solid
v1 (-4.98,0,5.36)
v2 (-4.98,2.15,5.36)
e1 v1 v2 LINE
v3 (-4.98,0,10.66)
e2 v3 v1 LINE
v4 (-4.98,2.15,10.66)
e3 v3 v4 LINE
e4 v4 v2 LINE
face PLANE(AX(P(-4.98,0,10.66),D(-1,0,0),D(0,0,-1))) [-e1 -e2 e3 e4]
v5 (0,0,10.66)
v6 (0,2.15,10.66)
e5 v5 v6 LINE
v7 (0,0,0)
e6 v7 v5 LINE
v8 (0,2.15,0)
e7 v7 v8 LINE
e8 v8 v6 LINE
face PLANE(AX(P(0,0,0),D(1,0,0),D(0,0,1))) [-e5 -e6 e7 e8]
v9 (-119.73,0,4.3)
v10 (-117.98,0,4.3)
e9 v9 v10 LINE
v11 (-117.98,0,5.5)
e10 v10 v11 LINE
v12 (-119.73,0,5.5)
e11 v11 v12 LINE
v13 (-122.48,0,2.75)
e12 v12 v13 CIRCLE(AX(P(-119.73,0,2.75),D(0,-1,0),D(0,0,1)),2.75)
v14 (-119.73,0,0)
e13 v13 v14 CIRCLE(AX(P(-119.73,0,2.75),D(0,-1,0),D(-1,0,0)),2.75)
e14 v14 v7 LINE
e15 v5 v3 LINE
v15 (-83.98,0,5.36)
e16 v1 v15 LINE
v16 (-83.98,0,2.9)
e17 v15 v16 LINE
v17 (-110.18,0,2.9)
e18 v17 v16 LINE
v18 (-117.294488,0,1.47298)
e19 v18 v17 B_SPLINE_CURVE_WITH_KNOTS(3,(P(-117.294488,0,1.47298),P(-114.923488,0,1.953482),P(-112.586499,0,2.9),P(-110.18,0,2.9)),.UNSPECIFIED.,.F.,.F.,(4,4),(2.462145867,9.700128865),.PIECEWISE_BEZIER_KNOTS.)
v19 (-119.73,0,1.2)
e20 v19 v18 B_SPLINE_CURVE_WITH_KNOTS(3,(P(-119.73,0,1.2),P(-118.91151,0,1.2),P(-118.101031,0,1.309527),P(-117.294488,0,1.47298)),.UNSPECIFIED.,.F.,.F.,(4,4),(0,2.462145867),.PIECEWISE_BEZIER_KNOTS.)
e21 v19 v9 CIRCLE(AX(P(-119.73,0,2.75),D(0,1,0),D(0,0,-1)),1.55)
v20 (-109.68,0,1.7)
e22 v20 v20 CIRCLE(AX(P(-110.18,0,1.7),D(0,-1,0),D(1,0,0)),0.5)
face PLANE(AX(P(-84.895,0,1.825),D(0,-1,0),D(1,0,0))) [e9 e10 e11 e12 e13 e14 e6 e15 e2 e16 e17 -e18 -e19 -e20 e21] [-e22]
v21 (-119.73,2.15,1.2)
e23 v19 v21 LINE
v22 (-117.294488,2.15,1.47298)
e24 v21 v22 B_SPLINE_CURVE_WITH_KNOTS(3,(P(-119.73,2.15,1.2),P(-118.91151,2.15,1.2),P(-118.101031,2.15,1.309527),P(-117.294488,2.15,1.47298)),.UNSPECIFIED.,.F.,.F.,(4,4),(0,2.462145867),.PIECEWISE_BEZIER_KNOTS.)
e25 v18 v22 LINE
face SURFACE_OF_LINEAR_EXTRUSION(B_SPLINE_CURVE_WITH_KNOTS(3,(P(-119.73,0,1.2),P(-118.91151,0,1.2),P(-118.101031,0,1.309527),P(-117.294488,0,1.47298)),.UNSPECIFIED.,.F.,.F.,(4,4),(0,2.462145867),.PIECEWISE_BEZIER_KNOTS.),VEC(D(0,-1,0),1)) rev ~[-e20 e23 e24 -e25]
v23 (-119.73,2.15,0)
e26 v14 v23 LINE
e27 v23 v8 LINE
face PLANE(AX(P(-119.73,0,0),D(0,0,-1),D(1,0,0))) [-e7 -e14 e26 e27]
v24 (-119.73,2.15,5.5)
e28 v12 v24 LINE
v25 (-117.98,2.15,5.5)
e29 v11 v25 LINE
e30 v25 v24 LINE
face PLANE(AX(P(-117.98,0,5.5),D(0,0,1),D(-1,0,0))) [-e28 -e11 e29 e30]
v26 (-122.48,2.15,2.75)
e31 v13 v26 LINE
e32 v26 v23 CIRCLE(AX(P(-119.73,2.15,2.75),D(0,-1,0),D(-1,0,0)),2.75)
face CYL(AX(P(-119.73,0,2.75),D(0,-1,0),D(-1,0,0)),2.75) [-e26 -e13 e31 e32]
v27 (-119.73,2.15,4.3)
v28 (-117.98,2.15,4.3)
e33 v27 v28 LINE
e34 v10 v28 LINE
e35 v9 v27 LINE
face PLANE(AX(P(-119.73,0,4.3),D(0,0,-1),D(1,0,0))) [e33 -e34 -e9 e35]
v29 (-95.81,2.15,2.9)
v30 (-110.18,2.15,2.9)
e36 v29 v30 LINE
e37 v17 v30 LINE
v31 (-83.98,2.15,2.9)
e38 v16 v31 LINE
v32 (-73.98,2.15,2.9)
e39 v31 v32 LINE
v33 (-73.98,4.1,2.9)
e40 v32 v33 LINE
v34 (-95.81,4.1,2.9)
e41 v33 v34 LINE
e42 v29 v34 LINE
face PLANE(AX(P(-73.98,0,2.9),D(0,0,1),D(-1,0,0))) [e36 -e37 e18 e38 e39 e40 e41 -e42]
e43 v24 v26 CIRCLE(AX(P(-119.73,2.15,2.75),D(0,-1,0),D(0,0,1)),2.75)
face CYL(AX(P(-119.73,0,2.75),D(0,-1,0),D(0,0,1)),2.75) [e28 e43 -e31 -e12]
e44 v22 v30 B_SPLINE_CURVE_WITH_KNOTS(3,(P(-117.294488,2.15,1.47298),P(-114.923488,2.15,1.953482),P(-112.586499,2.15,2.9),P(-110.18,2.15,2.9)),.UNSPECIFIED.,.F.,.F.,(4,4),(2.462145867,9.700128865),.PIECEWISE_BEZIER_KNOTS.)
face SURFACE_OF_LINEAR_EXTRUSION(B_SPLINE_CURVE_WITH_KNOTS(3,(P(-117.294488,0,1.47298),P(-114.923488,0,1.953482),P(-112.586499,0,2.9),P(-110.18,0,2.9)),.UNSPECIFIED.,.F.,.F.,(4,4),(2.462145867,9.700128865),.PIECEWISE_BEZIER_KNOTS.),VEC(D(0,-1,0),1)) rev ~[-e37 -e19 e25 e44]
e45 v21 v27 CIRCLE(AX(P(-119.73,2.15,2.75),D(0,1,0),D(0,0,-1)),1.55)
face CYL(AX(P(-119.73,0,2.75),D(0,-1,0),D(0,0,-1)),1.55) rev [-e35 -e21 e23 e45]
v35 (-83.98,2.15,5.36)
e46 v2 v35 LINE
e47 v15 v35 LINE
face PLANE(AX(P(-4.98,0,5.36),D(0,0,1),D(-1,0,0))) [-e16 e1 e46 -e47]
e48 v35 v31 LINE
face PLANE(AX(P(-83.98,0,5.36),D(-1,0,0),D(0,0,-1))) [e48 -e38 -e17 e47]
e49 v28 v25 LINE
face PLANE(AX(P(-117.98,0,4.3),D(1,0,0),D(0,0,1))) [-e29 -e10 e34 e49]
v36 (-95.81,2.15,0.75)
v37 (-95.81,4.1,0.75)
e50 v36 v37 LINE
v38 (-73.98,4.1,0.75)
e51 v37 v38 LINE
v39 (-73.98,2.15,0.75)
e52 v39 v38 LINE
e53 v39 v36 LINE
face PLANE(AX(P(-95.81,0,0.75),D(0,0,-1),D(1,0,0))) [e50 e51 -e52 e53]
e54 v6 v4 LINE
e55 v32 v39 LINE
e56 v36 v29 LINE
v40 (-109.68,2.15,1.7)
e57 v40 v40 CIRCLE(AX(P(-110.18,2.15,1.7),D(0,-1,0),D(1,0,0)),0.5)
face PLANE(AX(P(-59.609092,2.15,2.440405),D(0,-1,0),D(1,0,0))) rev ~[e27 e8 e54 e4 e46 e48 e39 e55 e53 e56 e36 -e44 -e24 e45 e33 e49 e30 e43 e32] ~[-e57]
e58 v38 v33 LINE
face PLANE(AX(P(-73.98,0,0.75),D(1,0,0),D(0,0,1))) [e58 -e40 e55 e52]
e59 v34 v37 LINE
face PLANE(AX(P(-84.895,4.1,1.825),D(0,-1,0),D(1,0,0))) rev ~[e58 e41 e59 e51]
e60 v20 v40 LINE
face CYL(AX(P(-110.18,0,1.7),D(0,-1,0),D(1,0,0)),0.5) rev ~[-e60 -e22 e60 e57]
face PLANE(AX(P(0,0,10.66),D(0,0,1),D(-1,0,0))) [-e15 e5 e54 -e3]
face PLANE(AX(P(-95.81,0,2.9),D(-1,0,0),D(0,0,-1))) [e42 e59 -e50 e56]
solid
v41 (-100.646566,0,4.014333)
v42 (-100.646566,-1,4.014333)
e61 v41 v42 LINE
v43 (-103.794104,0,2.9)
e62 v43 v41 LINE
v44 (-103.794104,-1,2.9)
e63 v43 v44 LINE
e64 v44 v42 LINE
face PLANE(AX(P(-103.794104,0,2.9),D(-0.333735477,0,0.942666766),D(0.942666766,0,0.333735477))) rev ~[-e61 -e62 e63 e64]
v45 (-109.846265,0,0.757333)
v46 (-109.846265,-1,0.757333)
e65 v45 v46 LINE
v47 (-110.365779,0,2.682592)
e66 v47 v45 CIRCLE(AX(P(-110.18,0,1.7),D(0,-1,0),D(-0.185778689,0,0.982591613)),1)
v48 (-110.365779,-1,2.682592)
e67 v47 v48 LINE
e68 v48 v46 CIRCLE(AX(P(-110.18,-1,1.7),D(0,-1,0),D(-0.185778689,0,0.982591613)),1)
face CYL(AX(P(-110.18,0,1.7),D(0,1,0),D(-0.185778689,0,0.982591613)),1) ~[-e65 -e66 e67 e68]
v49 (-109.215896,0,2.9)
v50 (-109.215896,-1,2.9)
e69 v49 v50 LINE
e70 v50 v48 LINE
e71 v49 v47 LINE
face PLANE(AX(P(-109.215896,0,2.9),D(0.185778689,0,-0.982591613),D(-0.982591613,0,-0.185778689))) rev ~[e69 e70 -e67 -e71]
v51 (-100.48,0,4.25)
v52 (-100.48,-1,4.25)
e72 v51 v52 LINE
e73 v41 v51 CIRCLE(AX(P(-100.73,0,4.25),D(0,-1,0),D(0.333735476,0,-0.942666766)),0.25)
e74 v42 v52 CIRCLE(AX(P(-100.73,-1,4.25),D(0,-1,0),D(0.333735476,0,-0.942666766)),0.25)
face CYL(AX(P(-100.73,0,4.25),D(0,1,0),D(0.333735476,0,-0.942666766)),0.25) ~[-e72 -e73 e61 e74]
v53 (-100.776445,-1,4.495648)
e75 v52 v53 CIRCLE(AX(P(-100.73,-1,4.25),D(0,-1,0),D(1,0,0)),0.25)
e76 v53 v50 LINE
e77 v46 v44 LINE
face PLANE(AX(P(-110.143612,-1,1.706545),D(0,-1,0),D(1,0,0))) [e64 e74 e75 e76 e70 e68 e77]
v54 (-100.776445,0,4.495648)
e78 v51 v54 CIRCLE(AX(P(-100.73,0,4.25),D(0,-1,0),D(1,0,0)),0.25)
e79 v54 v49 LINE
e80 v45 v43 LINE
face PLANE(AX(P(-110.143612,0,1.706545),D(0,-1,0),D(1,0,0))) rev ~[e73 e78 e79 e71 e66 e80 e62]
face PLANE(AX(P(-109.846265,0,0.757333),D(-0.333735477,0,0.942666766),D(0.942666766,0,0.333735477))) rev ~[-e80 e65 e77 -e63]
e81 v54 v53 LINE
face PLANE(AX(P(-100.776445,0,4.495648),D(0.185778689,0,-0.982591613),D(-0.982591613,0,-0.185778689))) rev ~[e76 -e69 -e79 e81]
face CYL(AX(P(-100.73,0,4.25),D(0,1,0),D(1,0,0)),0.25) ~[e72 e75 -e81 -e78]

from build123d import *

# Parameters (mm, degrees)
F0_R     = 0.5
F1_DEPTH = 2.15
F2_DEPTH = 4.1
F3_DEPTH = 1


with BuildPart() as f1:
    # F0 (on Front) → F1 (new body)
    with BuildSketch(Plane.XZ):
        with BuildLine():
            Line((0, 10.66), (-4.98, 10.66))
            Line((-4.98, 10.66), (-4.98, 5.36))
            Line((-4.98, 5.36), (-83.98, 5.36))
            Line((-83.98, 5.36), (-83.98, 2.9))
            Line((-83.98, 2.9), (-73.98, 2.9))
            Line((-73.98, 2.9), (-73.98, 0.75))
            Line((-73.98, 0.75), (-95.81, 0.75))
            Line((-95.81, 0.75), (-95.81, 2.9))
            Line((-95.81, 2.9), (-103.7941037767, 2.9))
            Line((-103.7941037767, 2.9), (-109.8462645235, 0.757333234))
            ThreePointArc((-109.8462645235, 0.757333234), (-111.1454676377, 1.4394769866), (-110.3657786893, 2.6825916133))
            Line((-110.3657786893, 2.6825916133), (-109.2158962233, 2.9))
            Line((-109.2158962233, 2.9), (-110.18, 2.9))
            add(Edge.make_bspline(
                [(-117.2944879845, 1.4729795529), (-114.9234880226, 1.9534816653), (-112.5864989427, 2.9), (-110.18, 2.9)],
                knots=[2.4621458667, 2.4621458667, 2.4621458667, 2.4621458667, 9.7001288651, 9.7001288651, 9.7001288651, 9.7001288651], degree=3))
            ThreePointArc((-117.2944879845, 1.4729795529), (-118.3068531751, 0.3968843813), (-119.73, 0))
            Line((-119.73, 0), (0, 0))
            Line((0, 0), (0, 10.66))
        make_face()
        with BuildLine():
            ThreePointArc((-119.73, 5.5), (-121.6745436483, 4.6945436483), (-122.48, 2.75))
            ThreePointArc((-122.48, 2.75), (-121.6745436483, 0.8054563517), (-119.73, 0))
            ThreePointArc((-119.73, 0), (-118.3068531751, 0.3968843813), (-117.2944879845, 1.4729795529))
            add(Edge.make_bspline(
                [(-119.73, 1.2), (-118.9115104728, 1.2), (-118.1010314314, 1.3095270702), (-117.2944879845, 1.4729795529)],
                knots=[0, 0, 0, 0, 2.4621458667, 2.4621458667, 2.4621458667, 2.4621458667], degree=3))
            ThreePointArc((-119.73, 1.2), (-121.28, 2.75), (-119.73, 4.3))
            Line((-119.73, 4.3), (-117.98, 4.3))
            Line((-117.98, 4.3), (-117.98, 4.8713203436))
            ThreePointArc((-117.98, 4.8713203436), (-118.8002502877, 5.3380621075), (-119.73, 5.5))
        make_face()
        with BuildLine():
            Line((-117.98, 5.5), (-119.73, 5.5))
            ThreePointArc((-119.73, 5.5), (-118.8002502877, 5.3380621075), (-117.98, 4.8713203436))
            Line((-117.98, 4.8713203436), (-117.98, 5.5))
        make_face()
        with BuildLine():
            Line((-103.7941037767, 2.9), (-109.2158962233, 2.9))
            Line((-109.2158962233, 2.9), (-110.3657786893, 2.6825916133))
            ThreePointArc((-110.3657786893, 2.6825916133), (-109.5419477644, 2.4699930809), (-109.18, 1.7))
            ThreePointArc((-109.18, 1.7), (-109.3633802976, 1.1228238902), (-109.8462645235, 0.757333234))
            Line((-109.8462645235, 0.757333234), (-103.7941037767, 2.9))
        make_face()
        with BuildLine():
            ThreePointArc((-109.18, 1.7), (-109.5419477644, 2.4699930809), (-110.3657786893, 2.6825916133))
            ThreePointArc((-110.3657786893, 2.6825916133), (-111.1454676377, 1.4394769866), (-109.8462645235, 0.757333234))
            ThreePointArc((-109.8462645235, 0.757333234), (-109.3633802976, 1.1228238902), (-109.18, 1.7))
        make_face()
        with Locations((-110.18, 1.7)):
            Circle(F0_R, mode=Mode.SUBTRACT)
    extrude(amount=-F1_DEPTH)

    # F0 (on Front) → F2 (join)
    with BuildSketch(Plane.XZ):
        Polygon((-73.98, 2.9), (-83.98, 2.9), (-95.81, 2.9), (-95.81, 0.75), (-73.98, 0.75), align=None)
    extrude(amount=-F2_DEPTH)


with BuildPart() as f3:
    # F0 (on Front) → F3 (new body)
    with BuildSketch(Plane.XZ):
        with BuildLine():
            ThreePointArc((-109.18, 1.7), (-109.5419477644, 2.4699930809), (-110.3657786893, 2.6825916133))
            ThreePointArc((-110.3657786893, 2.6825916133), (-111.1454676377, 1.4394769866), (-109.8462645235, 0.757333234))
            ThreePointArc((-109.8462645235, 0.757333234), (-109.3633802976, 1.1228238902), (-109.18, 1.7))
        make_face()
        with Locations((-110.18, 1.7)):
            Circle(F0_R, mode=Mode.SUBTRACT)
        with BuildLine():
            Line((-103.7941037767, 2.9), (-109.2158962233, 2.9))
            Line((-109.2158962233, 2.9), (-110.3657786893, 2.6825916133))
            ThreePointArc((-110.3657786893, 2.6825916133), (-109.5419477644, 2.4699930809), (-109.18, 1.7))
            ThreePointArc((-109.18, 1.7), (-109.3633802976, 1.1228238902), (-109.8462645235, 0.757333234))
            Line((-109.8462645235, 0.757333234), (-103.7941037767, 2.9))
        make_face()
        with BuildLine():
            Line((-100.7764446723, 4.4956479033), (-109.2158962233, 2.9))
            Line((-109.2158962233, 2.9), (-103.7941037767, 2.9))
            Line((-103.7941037767, 2.9), (-100.6465661309, 4.0143333085))
            ThreePointArc((-100.6465661309, 4.0143333085), (-100.9713669094, 4.1848692467), (-100.7764446723, 4.4956479033))
        make_face()
        with BuildLine():
            ThreePointArc((-100.48, 4.25), (-100.5704869411, 4.4424982702), (-100.7764446723, 4.4956479033))
            ThreePointArc((-100.7764446723, 4.4956479033), (-100.9713669094, 4.1848692467), (-100.6465661309, 4.0143333085))
            ThreePointArc((-100.6465661309, 4.0143333085), (-100.5258450744, 4.1057059725), (-100.48, 4.25))
        make_face()
        with Locations((-110.18, 1.7)):
            Circle(F0_R)
    extrude(amount=F3_DEPTH)


solid = Compound([f1.part, f3.part])
